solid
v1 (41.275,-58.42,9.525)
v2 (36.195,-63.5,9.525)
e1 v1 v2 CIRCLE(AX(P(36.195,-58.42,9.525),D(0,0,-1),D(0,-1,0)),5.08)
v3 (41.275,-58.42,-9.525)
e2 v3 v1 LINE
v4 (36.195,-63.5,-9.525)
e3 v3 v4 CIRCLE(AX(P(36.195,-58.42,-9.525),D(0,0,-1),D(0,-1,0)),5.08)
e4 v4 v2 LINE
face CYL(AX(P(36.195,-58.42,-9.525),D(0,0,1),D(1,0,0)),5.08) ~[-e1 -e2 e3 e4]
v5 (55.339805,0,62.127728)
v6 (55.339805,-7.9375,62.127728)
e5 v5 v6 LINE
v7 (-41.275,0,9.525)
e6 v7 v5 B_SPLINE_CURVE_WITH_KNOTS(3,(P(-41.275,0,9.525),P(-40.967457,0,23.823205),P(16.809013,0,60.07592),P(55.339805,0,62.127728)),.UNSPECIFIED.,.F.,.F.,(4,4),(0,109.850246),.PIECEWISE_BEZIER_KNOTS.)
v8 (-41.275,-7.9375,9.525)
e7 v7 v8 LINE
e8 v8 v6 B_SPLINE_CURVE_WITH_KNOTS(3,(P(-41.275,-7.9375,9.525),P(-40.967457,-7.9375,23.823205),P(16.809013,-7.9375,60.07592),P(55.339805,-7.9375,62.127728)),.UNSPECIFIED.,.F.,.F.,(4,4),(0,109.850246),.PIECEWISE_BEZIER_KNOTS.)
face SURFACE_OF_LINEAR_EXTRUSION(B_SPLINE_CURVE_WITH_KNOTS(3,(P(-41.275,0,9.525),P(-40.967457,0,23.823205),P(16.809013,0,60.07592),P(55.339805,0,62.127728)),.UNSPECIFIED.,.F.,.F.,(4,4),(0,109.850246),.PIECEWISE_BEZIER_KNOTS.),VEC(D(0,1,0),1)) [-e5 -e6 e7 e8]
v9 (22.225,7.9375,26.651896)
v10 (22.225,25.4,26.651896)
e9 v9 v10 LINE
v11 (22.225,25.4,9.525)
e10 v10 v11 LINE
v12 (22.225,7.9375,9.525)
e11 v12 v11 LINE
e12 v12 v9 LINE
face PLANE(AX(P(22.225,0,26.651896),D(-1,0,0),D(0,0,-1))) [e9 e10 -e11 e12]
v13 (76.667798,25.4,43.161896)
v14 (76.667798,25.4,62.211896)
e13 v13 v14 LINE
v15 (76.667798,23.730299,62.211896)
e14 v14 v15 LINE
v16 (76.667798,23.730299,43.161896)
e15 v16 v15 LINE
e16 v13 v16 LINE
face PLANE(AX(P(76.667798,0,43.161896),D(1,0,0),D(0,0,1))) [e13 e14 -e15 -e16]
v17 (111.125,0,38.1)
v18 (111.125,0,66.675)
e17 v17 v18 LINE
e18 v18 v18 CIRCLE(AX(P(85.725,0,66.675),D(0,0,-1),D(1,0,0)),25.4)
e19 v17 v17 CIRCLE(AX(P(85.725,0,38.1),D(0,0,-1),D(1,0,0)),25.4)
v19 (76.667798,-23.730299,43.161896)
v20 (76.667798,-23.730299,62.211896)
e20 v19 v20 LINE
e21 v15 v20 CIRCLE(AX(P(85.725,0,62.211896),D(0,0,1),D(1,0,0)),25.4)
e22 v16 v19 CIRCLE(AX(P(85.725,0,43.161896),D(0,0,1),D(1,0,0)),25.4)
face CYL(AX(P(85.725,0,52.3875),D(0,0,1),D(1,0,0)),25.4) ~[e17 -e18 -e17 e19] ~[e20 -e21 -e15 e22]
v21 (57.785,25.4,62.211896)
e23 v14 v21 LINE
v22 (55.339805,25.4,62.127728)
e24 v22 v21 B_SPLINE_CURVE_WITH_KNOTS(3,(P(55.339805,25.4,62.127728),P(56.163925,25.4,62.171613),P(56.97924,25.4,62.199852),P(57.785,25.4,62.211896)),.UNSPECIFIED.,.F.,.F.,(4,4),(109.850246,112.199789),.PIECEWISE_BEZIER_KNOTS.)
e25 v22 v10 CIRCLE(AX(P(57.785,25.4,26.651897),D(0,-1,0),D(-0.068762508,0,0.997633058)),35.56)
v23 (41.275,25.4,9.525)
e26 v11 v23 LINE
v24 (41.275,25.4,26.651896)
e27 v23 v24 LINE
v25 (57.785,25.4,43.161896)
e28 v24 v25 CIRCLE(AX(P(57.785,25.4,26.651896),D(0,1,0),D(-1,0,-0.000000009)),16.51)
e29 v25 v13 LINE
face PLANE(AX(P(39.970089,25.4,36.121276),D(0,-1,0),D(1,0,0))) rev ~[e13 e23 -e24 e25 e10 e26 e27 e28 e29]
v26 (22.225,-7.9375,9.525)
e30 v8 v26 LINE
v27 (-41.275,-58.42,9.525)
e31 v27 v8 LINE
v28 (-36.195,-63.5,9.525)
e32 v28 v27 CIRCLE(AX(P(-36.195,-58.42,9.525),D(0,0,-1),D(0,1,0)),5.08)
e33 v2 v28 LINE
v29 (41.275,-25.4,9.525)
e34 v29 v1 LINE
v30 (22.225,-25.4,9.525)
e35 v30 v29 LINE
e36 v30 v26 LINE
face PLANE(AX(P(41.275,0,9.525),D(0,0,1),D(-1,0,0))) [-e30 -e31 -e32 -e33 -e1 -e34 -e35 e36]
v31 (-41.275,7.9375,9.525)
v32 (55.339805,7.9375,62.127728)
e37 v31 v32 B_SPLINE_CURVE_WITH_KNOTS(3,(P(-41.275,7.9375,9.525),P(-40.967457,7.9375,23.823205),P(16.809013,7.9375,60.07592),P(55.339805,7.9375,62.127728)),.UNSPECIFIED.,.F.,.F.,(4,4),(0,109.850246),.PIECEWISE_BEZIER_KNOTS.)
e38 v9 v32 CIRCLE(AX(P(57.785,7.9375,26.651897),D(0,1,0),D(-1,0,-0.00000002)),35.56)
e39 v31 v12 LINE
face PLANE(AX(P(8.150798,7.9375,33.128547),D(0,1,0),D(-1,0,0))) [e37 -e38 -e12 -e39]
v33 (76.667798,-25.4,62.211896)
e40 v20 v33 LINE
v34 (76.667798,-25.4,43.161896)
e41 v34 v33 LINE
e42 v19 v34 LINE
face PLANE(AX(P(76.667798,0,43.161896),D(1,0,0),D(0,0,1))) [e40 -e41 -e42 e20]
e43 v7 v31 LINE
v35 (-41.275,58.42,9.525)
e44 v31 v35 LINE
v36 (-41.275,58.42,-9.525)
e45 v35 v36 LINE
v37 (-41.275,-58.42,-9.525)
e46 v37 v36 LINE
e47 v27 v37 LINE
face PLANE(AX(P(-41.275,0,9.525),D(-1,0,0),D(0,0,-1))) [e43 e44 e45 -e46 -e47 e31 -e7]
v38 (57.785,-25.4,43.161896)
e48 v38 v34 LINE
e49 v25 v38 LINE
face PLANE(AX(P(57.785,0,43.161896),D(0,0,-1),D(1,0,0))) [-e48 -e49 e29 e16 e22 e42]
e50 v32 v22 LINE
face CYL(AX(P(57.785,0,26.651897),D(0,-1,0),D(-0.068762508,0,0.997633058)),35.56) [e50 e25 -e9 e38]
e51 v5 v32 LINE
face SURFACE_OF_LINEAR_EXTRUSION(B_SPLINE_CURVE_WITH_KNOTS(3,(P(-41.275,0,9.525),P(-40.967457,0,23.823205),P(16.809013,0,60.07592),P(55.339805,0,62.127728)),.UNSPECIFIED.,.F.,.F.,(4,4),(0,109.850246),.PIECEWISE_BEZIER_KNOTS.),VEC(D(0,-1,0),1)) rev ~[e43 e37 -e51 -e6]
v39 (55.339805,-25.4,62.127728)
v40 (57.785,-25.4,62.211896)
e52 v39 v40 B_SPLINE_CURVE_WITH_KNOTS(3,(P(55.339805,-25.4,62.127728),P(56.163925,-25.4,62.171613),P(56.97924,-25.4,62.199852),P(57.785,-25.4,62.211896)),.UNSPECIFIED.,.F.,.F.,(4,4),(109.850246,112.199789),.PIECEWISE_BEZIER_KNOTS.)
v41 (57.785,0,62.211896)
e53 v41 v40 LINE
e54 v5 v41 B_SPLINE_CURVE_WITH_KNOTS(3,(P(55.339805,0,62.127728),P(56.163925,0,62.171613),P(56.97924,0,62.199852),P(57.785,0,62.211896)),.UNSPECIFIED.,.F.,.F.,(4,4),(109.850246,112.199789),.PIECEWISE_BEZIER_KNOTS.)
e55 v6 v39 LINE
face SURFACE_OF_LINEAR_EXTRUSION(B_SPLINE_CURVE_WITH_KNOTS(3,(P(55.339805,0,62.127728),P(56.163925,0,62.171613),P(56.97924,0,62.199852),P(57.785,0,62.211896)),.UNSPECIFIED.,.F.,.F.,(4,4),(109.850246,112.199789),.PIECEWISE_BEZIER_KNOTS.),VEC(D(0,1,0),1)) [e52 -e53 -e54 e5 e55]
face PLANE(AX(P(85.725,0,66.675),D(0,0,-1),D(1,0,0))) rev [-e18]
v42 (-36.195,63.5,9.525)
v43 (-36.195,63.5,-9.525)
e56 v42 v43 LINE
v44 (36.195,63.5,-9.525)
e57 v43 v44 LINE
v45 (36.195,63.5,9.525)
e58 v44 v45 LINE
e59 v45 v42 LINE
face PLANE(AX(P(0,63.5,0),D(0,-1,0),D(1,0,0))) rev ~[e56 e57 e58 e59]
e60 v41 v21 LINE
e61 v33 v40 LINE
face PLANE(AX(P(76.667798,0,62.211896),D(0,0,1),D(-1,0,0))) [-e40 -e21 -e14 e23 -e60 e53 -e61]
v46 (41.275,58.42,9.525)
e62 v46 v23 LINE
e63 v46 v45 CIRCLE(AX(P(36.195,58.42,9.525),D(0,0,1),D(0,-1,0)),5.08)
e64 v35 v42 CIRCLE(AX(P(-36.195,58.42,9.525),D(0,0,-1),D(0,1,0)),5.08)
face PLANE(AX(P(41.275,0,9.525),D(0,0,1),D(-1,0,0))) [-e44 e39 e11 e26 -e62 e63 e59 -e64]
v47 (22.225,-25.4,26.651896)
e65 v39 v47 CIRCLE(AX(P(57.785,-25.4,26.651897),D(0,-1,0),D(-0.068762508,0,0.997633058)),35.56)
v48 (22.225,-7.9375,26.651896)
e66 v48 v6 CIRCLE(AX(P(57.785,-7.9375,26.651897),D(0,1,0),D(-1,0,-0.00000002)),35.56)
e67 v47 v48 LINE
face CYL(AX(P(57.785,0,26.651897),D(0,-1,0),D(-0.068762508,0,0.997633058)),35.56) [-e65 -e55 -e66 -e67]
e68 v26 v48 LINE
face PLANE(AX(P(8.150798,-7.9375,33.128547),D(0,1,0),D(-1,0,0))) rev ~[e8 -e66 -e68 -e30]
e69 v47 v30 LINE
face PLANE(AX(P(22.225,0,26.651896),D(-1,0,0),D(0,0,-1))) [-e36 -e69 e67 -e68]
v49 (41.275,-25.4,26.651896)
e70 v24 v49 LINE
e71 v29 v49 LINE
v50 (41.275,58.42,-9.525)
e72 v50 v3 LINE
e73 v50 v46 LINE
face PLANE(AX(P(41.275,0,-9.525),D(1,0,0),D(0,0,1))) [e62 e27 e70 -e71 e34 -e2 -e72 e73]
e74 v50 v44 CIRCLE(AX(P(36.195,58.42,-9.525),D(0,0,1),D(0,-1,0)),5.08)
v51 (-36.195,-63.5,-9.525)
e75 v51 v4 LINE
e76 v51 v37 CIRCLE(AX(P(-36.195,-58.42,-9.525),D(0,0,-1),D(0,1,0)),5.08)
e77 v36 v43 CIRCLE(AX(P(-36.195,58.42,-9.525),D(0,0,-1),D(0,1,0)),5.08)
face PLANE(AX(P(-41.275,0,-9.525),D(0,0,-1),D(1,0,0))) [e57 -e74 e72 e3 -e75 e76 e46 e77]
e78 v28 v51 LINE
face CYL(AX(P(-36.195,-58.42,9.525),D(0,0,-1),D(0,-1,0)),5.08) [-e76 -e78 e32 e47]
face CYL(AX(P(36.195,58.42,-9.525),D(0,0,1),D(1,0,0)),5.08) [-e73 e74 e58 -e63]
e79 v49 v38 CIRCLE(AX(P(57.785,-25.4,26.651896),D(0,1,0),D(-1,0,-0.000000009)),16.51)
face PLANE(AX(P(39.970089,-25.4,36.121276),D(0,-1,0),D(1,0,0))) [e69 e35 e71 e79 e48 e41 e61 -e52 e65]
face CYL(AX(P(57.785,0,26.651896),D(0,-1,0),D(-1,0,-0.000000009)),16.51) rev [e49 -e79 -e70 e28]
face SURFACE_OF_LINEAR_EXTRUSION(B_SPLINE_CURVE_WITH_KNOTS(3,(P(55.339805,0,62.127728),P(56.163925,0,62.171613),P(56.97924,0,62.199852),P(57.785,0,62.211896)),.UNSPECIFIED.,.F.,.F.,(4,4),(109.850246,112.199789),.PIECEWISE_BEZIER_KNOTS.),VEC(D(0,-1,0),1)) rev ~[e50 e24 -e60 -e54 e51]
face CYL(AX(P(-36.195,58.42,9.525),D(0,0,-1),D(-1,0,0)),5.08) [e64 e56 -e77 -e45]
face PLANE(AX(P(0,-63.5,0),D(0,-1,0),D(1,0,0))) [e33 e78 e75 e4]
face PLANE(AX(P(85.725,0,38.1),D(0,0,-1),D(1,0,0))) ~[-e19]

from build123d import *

# Parameters (mm, degrees)
F1_DEPTH = 63.5
F0_W     = 16.342798
F0_H     = 19.05
F2_DEPTH = 25.4
F3_DEPTH = 7.9375
F0_W_2   = 25.4
F0_H_2   = 28.575
F5_R     = 5.08


with BuildPart() as f1:
    # F0 (on Front) → F1 (new body, symmetric)
    with BuildSketch(Plane.XZ):
        Polygon((-41.275, -9.525), (41.275, -9.525), (41.275, 9.525), (22.225, 9.525), (-41.275, 9.525), align=None)
    extrude(amount=F1_DEPTH, both=True)

    # F0 (on Front) → F2 (join, symmetric)
    with BuildSketch(Plane.XZ):
        with BuildLine():
            Line((22.225, 9.525), (41.275, 9.525))
            Line((41.275, 9.525), (41.275, 26.651896))
            ThreePointArc((41.275, 26.651896), (46.110667, 38.326229), (57.785, 43.161896))
            Line((57.785, 43.161896), (60.325, 43.161896))
            Line((60.325, 43.161896), (60.325, 62.211896))
            Line((60.325, 62.211896), (57.785, 62.211896))
            add(Edge.make_bspline(
                [(55.339805, 62.127728), (56.163925, 62.171613), (56.97924, 62.199852), (57.785, 62.211896)],
                knots=[109.850246, 109.850246, 109.850246, 109.850246, 112.199789, 112.199789, 112.199789, 112.199789], degree=3))
            ThreePointArc((55.339805, 62.127728), (31.790147, 50.916711), (22.225, 26.651896))
            Line((22.225, 26.651896), (22.225, 9.525))
        make_face()
        with Locations((68.496399, 52.686896)):
            Rectangle(F0_W, F0_H)
    extrude(amount=F2_DEPTH, both=True)

    # F0 (on Front) → F3 (join, symmetric)
    with BuildSketch(Plane.XZ):
        with BuildLine():
            add(Edge.make_bspline(
                [(-41.275, 9.525), (-40.967457, 23.823205), (16.809013, 60.07592), (55.339805, 62.127728)],
                knots=[0, 0, 0, 0, 109.850246, 109.850246, 109.850246, 109.850246], degree=3))
            Line((-41.275, 9.525), (22.225, 9.525))
            Line((22.225, 9.525), (22.225, 26.651896))
            ThreePointArc((22.225, 26.651896), (31.790147, 50.916711), (55.339805, 62.127728))
        make_face()
    extrude(amount=F3_DEPTH, both=True)

    # F0 (on Front) → F4 (revolve)
    with BuildSketch(Plane.XZ):
        with Locations((98.425, 52.3875)):
            Rectangle(F0_W_2, F0_H_2)
    revolve(axis=Axis((85.725, 0, 52.187027), (0, 0, -1)))

    # F5
    f5_edges = [f1.edges().sort_by_distance(p)[0] for p in [
        (41.275, -63.5, 0),
        (41.275, 63.5, 0),
        (-41.275, -63.5, 0),
        (-41.275, 63.5, 0),
    ]]
    fillet(f5_edges, radius=F5_R)


solid = f1.part
